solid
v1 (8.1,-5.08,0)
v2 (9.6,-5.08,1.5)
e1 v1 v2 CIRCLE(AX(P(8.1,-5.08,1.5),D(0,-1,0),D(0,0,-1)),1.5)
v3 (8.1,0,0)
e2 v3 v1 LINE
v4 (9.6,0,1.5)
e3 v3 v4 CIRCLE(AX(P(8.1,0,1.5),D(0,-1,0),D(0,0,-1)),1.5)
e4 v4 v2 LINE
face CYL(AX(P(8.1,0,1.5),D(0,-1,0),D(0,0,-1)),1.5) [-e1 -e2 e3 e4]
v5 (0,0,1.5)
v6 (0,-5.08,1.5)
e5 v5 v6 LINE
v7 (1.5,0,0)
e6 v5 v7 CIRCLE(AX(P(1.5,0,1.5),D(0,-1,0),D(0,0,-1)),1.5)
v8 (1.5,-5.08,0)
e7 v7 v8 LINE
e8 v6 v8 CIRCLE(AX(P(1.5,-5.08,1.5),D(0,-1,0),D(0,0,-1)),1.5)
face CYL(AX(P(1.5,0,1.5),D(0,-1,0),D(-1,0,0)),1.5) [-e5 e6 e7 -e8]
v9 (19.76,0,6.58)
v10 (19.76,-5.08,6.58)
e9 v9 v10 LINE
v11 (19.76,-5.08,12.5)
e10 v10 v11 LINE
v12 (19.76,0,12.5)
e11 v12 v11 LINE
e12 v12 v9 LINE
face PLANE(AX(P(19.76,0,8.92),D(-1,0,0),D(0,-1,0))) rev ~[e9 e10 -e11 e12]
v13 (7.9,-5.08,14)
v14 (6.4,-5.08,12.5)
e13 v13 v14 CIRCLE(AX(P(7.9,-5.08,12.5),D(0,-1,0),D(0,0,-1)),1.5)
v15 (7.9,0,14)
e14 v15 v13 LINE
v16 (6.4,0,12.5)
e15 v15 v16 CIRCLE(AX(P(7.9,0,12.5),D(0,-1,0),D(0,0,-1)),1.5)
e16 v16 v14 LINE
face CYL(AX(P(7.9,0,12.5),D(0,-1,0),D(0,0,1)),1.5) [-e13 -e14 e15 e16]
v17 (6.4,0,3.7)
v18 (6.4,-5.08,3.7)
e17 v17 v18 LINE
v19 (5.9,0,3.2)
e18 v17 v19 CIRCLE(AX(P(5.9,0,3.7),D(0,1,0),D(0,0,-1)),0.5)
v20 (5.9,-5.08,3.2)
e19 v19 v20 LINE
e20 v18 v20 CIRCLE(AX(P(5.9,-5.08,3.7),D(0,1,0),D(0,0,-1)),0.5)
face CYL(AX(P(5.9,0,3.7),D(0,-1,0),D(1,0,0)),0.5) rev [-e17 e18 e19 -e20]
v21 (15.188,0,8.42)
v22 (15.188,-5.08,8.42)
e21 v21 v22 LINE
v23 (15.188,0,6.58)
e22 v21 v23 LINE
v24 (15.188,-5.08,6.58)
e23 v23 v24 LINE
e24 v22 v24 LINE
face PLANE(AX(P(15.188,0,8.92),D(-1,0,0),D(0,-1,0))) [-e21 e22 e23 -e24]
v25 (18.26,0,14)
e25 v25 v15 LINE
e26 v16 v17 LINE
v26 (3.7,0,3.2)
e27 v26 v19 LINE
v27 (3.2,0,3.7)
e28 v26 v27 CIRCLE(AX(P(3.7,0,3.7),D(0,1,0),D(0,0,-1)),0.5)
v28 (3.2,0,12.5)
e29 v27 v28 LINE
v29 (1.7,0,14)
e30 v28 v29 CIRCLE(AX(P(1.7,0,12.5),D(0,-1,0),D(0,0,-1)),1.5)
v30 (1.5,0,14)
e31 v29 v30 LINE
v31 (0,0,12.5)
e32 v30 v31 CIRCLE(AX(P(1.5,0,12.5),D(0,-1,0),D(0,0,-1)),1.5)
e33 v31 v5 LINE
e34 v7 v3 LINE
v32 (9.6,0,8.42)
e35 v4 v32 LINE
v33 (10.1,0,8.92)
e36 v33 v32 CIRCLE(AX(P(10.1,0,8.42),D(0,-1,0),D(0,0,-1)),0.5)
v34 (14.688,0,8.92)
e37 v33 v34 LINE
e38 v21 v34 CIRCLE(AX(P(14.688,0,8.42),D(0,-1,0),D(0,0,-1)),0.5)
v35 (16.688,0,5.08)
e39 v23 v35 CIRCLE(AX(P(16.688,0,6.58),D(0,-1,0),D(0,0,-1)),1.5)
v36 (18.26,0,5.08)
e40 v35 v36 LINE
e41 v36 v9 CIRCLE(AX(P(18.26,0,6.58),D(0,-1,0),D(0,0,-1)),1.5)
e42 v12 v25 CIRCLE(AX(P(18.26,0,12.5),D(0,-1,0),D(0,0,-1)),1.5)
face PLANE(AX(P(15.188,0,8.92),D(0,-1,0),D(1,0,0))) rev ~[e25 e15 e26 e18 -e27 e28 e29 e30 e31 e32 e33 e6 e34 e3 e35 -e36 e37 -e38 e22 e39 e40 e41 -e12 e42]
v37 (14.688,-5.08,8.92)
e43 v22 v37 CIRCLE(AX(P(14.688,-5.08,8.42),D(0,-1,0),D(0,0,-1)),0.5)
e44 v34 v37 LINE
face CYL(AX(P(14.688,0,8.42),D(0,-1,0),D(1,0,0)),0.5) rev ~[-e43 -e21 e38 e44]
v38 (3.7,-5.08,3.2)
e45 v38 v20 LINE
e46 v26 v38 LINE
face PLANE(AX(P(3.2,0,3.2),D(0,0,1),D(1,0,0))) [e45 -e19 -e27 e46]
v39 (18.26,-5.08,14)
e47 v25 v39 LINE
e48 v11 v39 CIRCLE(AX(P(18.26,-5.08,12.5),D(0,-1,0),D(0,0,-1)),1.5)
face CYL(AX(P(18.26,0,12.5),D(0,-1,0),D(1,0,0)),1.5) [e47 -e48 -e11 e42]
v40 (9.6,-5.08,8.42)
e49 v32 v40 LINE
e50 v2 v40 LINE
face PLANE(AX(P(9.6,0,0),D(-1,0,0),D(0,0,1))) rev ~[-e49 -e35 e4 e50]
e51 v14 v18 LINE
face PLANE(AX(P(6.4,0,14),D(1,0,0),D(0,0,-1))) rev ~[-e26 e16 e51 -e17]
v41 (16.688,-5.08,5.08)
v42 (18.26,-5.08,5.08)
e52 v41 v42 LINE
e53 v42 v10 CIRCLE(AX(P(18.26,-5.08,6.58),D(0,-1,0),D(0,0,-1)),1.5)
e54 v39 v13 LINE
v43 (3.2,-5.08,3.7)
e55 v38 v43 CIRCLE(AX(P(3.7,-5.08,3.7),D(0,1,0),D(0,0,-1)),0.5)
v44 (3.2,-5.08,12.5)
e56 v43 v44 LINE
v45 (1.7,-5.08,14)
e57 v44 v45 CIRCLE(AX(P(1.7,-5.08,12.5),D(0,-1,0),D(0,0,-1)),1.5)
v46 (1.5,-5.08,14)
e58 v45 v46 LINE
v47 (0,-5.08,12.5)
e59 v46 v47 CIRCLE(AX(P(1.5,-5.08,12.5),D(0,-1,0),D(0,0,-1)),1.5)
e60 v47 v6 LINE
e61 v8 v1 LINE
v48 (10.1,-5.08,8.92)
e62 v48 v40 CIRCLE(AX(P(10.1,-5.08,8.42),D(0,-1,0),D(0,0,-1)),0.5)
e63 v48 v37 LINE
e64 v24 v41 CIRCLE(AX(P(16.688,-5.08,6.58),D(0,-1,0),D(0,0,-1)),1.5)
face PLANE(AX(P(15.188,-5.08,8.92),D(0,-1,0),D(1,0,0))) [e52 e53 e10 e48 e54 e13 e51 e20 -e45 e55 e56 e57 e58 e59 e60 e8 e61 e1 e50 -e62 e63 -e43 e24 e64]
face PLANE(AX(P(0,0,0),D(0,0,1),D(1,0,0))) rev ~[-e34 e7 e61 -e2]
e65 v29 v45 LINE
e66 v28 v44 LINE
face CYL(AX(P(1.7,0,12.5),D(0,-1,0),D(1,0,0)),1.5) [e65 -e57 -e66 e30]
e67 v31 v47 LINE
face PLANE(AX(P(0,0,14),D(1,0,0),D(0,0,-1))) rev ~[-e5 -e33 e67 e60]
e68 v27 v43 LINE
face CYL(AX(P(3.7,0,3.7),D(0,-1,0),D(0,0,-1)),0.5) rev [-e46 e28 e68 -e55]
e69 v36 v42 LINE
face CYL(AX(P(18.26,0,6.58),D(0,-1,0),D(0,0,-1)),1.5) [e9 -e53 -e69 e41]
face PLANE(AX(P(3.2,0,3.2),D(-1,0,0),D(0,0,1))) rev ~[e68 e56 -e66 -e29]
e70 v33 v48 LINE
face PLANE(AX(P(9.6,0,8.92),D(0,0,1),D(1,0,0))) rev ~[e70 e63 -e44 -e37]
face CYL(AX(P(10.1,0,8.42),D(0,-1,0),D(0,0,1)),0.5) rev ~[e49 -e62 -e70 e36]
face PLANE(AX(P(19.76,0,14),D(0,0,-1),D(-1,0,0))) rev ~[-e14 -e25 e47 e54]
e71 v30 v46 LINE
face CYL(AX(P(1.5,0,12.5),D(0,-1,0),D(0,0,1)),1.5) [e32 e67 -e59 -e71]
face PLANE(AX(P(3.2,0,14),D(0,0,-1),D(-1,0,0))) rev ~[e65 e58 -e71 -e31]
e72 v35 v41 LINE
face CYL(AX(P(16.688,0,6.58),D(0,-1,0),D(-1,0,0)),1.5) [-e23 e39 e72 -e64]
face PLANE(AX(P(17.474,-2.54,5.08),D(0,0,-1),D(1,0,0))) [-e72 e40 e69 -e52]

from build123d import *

# Parameters (mm, degrees)
F0_W     = 10.16
F0_H     = 5.08
F0_W_2   = 3.2
F0_H_2   = 3.2
F1_DEPTH = 5.08
F2_W     = 4.572
F2_H     = 5.08
F3_DEPTH = 3.84
F4_R     = 1.5
F5_R     = 0.5


with BuildPart() as f1:
    # F0 (on Front) → F1 (new body)
    with BuildSketch(Plane.XZ):
        with Locations((14.68, 11.46)):
            Rectangle(F0_W, F0_H)
        with BuildLine():
            ThreePointArc((0, 1.27), (0.371974, 0.371974), (1.27, 0))
            Line((1.27, 0), (3.2, 0))
            Line((3.2, 0), (3.2, 3.2))
            Line((3.2, 3.2), (3.2, 10.8))
            Line((3.2, 10.8), (0, 10.8))
            Line((0, 10.8), (0, 1.27))
        make_face()
        with Locations((4.8, 1.6)):
            Rectangle(F0_W_2, F0_H_2)
        with BuildLine():
            Line((6.4, 3.2), (6.4, 0))
            Line((6.4, 0), (8.33, 0))
            ThreePointArc((8.33, 0), (9.228026, 0.371974), (9.6, 1.27))
            Line((9.6, 1.27), (9.6, 8.92))
            Line((9.6, 8.92), (9.6, 14))
            Line((9.6, 14), (6.4, 14))
            Line((6.4, 14), (6.4, 3.2))
        make_face()
        with BuildLine():
            Line((0, 0), (1.27, 0))
            ThreePointArc((1.27, 0), (0.371974, 0.371974), (0, 1.27))
            Line((0, 1.27), (0, 0))
        make_face()
        with BuildLine():
            ThreePointArc((9.6, 1.27), (9.228026, 0.371974), (8.33, 0))
            Line((8.33, 0), (9.6, 0))
            Line((9.6, 0), (9.6, 1.27))
        make_face()
        with BuildLine():
            Line((0, 12.73), (0, 10.8))
            Line((0, 10.8), (3.2, 10.8))
            Line((3.2, 10.8), (3.2, 14))
            Line((3.2, 14), (1.27, 14))
            ThreePointArc((1.27, 14), (0.371974, 13.628026), (0, 12.73))
        make_face()
        with BuildLine():
            Line((0, 14), (0, 12.73))
            ThreePointArc((0, 12.73), (0.371974, 13.628026), (1.27, 14))
            Line((1.27, 14), (0, 14))
        make_face()
    extrude(amount=F1_DEPTH)

    # F2 (on face) → F3 (join)
    with BuildSketch(Plane(origin=(0, 0, 8.92), x_dir=(1, 0, 0), z_dir=(0, 0, -1))):
        with Locations((17.474, 2.54)):
            Rectangle(F2_W, F2_H)
    extrude(amount=F3_DEPTH)

    # F4
    f4_edges = [f1.edges().sort_by_distance(p)[0] for p in [
        (0, -2.54, 0),
        (9.6, -2.54, 0),
        (0, -2.54, 14),
        (3.2, -2.54, 14),
        (6.4, -2.54, 14),
        (19.76, -2.54, 14),
        (19.76, -2.54, 5.08),
        (15.188, -2.54, 5.08),
    ]]
    fillet(f4_edges, radius=F4_R)

    # F5
    f5_edges = [f1.edges().sort_by_distance(p)[0] for p in [
        (6.4, -2.54, 3.2),
        (3.2, -2.54, 3.2),
        (15.188, -2.54, 8.92),
        (9.6, -2.54, 8.92),
    ]]
    fillet(f5_edges, radius=F5_R)


solid = f1.part
